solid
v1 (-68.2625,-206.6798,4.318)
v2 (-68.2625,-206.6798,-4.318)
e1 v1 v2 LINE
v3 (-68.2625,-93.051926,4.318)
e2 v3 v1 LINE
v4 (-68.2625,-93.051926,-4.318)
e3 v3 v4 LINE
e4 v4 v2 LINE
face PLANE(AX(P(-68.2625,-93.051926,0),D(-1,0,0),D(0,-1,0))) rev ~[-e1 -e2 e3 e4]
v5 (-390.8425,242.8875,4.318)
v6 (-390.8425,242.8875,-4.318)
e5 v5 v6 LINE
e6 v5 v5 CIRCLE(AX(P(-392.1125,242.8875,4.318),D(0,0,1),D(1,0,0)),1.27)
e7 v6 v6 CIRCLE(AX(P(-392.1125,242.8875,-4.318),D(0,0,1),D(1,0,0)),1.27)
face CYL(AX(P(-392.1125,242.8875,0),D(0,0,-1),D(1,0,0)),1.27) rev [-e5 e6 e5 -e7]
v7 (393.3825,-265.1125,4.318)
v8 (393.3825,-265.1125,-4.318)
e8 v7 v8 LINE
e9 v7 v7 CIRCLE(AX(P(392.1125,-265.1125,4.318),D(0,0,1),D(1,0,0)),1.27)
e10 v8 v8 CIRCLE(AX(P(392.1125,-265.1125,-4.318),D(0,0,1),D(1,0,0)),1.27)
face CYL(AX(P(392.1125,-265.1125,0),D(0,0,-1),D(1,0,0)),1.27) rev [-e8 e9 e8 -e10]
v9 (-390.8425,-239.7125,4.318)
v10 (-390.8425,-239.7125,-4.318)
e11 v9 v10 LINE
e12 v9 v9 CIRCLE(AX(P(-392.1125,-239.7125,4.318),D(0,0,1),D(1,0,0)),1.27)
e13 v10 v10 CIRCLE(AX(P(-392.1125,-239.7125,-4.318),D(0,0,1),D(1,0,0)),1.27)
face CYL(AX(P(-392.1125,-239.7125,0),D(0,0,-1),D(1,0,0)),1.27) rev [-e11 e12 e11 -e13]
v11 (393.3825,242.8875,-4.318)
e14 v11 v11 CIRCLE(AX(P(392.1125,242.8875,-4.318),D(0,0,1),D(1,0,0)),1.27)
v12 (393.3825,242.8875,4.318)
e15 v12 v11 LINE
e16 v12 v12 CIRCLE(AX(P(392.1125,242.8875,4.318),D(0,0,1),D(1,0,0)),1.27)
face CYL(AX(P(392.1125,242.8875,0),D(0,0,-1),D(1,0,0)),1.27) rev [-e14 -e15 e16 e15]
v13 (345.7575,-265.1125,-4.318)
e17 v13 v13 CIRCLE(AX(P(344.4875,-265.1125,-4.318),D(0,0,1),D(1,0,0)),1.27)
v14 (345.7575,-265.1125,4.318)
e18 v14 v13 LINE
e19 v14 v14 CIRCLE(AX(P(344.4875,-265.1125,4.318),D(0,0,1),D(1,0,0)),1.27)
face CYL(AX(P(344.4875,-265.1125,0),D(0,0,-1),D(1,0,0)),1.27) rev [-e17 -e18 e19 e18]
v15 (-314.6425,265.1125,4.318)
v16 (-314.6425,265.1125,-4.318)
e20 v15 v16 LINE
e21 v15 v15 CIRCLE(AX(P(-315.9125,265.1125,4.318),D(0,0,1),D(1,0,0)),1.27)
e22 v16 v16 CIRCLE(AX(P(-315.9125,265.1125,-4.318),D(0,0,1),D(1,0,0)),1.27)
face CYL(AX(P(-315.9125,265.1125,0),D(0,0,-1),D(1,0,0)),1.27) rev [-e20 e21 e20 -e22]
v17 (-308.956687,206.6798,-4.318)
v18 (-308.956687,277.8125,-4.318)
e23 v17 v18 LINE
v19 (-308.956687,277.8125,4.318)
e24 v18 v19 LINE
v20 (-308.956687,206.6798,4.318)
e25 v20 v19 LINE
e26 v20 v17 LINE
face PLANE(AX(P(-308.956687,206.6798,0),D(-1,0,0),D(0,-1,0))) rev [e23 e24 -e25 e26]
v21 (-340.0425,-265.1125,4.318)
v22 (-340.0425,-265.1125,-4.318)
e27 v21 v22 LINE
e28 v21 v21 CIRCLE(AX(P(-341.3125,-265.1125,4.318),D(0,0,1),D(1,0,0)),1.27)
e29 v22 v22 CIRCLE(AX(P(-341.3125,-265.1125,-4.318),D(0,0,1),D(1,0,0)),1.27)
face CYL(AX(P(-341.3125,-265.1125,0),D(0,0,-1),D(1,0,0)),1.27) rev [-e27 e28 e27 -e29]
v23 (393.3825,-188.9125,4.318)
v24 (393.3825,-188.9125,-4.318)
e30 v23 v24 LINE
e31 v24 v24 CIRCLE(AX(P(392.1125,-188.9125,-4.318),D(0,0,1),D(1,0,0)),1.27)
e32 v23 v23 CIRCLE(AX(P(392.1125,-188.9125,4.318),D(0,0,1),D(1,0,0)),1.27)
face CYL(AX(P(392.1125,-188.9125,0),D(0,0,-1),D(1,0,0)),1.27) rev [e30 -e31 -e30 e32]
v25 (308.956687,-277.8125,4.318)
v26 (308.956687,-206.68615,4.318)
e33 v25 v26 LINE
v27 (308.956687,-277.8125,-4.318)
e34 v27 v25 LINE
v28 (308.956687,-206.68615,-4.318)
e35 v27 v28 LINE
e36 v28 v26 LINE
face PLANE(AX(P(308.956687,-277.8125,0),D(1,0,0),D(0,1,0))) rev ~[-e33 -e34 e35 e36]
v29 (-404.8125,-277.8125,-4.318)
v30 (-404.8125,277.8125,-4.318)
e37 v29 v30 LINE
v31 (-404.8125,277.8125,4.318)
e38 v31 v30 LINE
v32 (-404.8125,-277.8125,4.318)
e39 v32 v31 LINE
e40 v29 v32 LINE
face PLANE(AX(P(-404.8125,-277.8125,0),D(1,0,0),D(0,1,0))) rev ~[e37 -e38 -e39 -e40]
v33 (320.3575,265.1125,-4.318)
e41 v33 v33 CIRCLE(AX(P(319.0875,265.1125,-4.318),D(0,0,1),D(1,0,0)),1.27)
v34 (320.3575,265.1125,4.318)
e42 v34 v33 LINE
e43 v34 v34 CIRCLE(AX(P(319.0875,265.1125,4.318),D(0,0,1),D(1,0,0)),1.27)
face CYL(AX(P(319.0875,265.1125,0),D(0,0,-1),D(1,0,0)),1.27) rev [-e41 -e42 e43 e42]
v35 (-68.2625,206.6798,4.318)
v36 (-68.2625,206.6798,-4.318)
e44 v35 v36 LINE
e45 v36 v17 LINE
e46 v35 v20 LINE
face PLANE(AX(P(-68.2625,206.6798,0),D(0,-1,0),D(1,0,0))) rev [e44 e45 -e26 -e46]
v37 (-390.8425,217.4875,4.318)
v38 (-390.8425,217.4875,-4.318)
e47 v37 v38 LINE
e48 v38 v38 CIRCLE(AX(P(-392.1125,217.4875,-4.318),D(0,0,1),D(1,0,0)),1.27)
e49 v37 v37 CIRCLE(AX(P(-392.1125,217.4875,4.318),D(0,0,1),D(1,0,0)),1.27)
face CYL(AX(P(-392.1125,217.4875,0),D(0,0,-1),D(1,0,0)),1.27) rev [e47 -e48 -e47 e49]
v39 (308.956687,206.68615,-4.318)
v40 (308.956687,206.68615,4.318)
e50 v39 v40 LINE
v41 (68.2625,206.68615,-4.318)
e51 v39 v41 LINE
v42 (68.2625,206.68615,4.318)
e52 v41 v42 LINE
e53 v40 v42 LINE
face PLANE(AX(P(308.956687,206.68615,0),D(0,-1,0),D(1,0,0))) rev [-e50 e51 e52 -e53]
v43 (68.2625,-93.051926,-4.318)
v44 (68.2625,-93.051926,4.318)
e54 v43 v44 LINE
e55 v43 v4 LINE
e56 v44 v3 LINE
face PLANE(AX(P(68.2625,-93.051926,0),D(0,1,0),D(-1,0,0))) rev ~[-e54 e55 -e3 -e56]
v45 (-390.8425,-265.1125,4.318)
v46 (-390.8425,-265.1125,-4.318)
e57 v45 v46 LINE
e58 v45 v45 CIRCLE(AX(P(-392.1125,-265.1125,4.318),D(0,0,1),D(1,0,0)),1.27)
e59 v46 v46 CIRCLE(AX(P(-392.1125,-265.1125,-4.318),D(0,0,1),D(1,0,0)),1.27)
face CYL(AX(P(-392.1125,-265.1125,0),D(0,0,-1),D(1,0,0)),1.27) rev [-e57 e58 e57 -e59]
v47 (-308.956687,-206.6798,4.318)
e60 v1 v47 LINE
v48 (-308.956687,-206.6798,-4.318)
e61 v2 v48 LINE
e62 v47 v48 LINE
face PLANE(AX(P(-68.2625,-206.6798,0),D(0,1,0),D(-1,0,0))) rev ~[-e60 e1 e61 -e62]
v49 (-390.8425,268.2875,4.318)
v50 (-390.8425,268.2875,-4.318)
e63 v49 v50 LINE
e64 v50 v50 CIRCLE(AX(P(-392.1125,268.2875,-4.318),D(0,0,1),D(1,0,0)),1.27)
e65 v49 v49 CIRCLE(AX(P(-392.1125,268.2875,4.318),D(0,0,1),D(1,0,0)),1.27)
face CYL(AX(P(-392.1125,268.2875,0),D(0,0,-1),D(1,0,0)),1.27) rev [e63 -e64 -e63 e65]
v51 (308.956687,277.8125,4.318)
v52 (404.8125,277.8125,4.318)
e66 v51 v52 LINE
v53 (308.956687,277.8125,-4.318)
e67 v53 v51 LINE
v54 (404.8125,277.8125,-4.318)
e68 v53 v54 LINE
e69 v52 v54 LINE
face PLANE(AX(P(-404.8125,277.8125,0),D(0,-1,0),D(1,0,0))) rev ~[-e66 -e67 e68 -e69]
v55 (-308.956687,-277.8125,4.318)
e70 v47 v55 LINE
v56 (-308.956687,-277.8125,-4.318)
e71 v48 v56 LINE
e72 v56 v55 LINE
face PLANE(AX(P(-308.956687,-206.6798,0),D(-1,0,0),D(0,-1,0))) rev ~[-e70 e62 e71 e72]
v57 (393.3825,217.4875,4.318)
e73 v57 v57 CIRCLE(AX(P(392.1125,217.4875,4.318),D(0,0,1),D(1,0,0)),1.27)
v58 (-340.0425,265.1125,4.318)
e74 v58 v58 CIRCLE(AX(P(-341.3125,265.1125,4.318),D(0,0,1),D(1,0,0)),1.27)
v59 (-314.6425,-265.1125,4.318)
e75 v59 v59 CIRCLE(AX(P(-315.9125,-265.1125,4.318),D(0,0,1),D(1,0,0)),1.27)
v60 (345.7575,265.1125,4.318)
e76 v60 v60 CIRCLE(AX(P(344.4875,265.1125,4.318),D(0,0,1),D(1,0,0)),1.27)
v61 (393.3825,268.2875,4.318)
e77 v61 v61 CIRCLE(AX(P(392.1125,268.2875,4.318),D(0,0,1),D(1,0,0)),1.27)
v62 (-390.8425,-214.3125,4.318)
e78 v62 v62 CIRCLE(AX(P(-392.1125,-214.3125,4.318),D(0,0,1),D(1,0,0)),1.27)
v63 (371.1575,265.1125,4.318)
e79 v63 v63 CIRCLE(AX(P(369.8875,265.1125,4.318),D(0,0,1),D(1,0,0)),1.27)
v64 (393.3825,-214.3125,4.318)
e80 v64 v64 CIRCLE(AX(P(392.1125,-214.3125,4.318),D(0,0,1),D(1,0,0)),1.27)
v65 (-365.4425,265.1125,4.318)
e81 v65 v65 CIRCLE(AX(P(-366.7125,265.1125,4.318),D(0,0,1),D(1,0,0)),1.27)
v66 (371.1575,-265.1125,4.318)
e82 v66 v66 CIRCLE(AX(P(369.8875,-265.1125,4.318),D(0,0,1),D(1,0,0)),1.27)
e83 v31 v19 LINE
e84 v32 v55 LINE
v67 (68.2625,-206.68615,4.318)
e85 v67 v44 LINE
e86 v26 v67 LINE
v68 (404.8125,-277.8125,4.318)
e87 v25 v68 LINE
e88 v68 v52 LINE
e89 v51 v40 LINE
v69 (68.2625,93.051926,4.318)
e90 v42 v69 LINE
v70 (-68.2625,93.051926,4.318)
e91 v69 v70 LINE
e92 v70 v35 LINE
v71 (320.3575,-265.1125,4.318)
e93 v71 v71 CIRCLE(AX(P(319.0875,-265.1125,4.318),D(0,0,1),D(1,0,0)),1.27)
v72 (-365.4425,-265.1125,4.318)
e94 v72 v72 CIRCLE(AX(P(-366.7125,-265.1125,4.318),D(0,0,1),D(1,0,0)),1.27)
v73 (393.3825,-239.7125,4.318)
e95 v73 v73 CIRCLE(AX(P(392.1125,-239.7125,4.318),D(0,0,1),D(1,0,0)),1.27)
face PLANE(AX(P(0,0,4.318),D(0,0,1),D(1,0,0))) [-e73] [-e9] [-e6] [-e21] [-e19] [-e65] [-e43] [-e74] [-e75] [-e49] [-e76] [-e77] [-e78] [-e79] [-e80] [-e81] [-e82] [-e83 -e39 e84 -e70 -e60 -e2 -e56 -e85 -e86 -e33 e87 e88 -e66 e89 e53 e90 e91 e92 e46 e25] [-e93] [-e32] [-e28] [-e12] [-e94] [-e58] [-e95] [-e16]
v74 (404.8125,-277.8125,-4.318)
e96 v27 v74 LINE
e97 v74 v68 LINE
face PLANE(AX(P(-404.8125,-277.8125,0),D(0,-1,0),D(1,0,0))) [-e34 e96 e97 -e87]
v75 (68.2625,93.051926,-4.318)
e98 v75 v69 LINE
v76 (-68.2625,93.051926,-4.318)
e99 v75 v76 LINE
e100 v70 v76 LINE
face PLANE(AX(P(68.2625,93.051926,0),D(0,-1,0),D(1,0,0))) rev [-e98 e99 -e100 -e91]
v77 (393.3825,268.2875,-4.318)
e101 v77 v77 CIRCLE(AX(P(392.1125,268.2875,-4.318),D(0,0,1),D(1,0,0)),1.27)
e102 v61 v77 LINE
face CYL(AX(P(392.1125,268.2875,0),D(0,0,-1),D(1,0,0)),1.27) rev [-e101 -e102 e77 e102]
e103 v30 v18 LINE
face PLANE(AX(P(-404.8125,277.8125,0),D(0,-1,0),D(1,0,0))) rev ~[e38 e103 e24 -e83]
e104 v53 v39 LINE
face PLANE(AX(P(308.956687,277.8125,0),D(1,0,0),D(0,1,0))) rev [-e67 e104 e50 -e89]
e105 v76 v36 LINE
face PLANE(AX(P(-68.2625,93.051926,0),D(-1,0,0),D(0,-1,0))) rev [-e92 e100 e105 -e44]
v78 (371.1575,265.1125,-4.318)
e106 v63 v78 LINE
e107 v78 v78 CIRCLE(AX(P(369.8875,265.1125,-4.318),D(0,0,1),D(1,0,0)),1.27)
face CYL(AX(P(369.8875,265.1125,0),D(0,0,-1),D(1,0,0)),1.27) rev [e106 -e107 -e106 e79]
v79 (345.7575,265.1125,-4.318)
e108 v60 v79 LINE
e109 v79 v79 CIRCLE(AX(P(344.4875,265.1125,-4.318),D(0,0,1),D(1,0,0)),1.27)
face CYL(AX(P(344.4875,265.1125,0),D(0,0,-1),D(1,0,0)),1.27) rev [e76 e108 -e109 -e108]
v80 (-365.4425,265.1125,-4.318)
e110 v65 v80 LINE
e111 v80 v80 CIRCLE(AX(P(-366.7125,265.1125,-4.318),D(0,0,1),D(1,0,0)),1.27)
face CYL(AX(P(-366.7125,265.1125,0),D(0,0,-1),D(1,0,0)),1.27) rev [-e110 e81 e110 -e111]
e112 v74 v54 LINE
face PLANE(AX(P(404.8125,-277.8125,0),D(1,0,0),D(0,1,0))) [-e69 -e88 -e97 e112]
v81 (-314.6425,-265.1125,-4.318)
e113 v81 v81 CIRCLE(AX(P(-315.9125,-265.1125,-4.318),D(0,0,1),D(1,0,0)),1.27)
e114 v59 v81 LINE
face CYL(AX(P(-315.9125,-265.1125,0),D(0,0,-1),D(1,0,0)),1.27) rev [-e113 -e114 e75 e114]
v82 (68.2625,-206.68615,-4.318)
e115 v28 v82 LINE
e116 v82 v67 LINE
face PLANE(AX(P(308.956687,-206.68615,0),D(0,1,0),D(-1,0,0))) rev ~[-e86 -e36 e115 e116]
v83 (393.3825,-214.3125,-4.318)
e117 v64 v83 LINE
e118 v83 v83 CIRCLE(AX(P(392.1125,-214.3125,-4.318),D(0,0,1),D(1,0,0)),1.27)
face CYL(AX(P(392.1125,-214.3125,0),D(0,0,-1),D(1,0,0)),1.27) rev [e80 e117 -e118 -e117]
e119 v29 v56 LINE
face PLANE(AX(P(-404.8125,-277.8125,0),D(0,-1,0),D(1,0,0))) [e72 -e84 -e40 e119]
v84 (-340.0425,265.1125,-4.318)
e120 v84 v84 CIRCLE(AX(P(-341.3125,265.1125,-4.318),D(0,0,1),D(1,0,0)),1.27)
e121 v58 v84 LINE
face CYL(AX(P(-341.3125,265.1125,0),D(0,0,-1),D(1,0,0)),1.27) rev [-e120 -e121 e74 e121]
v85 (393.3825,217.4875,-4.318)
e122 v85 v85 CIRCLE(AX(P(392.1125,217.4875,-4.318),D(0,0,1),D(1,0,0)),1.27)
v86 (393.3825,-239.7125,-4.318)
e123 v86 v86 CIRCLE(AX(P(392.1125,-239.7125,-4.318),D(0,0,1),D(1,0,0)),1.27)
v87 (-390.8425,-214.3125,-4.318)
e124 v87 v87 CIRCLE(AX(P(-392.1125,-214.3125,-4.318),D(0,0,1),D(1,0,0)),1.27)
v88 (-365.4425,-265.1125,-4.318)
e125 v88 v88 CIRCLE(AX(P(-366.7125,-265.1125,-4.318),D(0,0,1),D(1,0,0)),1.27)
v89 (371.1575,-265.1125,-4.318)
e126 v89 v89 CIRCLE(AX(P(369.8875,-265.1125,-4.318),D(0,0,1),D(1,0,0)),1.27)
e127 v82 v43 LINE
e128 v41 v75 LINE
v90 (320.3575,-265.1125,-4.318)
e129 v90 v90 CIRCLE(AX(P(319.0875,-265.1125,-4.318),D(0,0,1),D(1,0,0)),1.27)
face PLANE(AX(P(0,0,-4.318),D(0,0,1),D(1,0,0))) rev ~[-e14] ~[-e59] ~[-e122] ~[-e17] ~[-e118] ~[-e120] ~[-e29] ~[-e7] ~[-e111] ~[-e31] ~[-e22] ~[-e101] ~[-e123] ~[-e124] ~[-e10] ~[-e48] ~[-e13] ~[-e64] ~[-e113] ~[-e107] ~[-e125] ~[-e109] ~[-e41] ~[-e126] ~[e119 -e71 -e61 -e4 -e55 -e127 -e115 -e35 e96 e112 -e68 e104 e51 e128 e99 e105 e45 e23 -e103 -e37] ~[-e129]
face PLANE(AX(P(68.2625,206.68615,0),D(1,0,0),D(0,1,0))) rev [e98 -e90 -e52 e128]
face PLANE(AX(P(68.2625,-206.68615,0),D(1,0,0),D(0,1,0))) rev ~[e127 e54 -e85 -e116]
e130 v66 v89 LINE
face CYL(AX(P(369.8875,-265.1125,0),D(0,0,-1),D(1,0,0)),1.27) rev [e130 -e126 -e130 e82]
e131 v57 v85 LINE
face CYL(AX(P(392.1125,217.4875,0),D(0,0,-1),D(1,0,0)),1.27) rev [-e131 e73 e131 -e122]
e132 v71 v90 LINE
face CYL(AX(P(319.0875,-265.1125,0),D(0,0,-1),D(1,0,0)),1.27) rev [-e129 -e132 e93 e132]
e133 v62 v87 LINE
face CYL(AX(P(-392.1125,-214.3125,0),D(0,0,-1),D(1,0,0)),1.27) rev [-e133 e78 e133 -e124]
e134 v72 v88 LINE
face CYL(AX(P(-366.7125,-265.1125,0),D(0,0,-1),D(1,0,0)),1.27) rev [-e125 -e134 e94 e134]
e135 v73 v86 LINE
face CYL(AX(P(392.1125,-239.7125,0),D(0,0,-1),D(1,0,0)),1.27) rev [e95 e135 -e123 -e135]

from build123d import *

# Parameters (mm, degrees)
SKETCH1_W           = 809.625
SKETCH1_H           = 555.625
SKETCH1_R           = 1.27
SKETCH1_W_2         = 136.525
SKETCH1_H_2         = 184.76057441
BOSS_EXTRUDE1_DEPTH = 4.318
CUT_EXTRUDE2_DEPTH  = 5.318


with BuildPart() as part:
    # Sketch1 → Boss-Extrude1 (new body, symmetric)
    with BuildSketch(Plane.XY):
        Rectangle(SKETCH1_W, SKETCH1_H)
        with Locations((319.0875, 265.1125)):
            Circle(SKETCH1_R, mode=Mode.SUBTRACT)
        with Locations((344.4875, 265.1125)):
            Circle(SKETCH1_R, mode=Mode.SUBTRACT)
        with Locations((369.8875, 265.1125)):
            Circle(SKETCH1_R, mode=Mode.SUBTRACT)
        with Locations((392.1125, 217.4875)):
            Circle(SKETCH1_R, mode=Mode.SUBTRACT)
        with Locations((392.1125, 242.8875)):
            Circle(SKETCH1_R, mode=Mode.SUBTRACT)
        with Locations((392.1125, 268.2875)):
            Circle(SKETCH1_R, mode=Mode.SUBTRACT)
        with Locations((-315.9125, -265.1125)):
            Circle(SKETCH1_R, mode=Mode.SUBTRACT)
        with Locations((-341.3125, -265.1125)):
            Circle(SKETCH1_R, mode=Mode.SUBTRACT)
        with Locations((-366.7125, -265.1125)):
            Circle(SKETCH1_R, mode=Mode.SUBTRACT)
        with Locations((-392.1125, -214.3125)):
            Circle(SKETCH1_R, mode=Mode.SUBTRACT)
        with Locations((-392.1125, -239.7125)):
            Circle(SKETCH1_R, mode=Mode.SUBTRACT)
        with Locations((-392.1125, -265.1125)):
            Circle(SKETCH1_R, mode=Mode.SUBTRACT)
        with Locations((-315.9125, 265.1125)):
            Circle(SKETCH1_R, mode=Mode.SUBTRACT)
        with Locations((-341.3125, 265.1125)):
            Circle(SKETCH1_R, mode=Mode.SUBTRACT)
        with Locations((-366.7125, 265.1125)):
            Circle(SKETCH1_R, mode=Mode.SUBTRACT)
        with Locations((-392.1125, 217.4875)):
            Circle(SKETCH1_R, mode=Mode.SUBTRACT)
        with Locations((-392.1125, 242.8875)):
            Circle(SKETCH1_R, mode=Mode.SUBTRACT)
        with Locations((-392.1125, 268.2875)):
            Circle(SKETCH1_R, mode=Mode.SUBTRACT)
        with Locations((319.0875, -265.1125)):
            Circle(SKETCH1_R, mode=Mode.SUBTRACT)
        with Locations((392.1125, -188.9125)):
            Circle(SKETCH1_R, mode=Mode.SUBTRACT)
        with Locations((392.1125, -214.3125)):
            Circle(SKETCH1_R, mode=Mode.SUBTRACT)
        with Locations((392.1125, -239.7125)):
            Circle(SKETCH1_R, mode=Mode.SUBTRACT)
        with Locations((392.1125, -265.1125)):
            Circle(SKETCH1_R, mode=Mode.SUBTRACT)
        with Locations((369.8875, -265.1125)):
            Circle(SKETCH1_R, mode=Mode.SUBTRACT)
        with Locations((344.4875, -265.1125)):
            Circle(SKETCH1_R, mode=Mode.SUBTRACT)
        with Locations((0, -185.432212795)):
            Rectangle(SKETCH1_W_2, SKETCH1_H_2)
    extrude(amount=BOSS_EXTRUDE1_DEPTH, both=True)

    # Sketch1<3> → Cut-Extrude2 (cut, symmetric)
    with BuildSketch(Plane.XY):
        Polygon((-308.956687333, -206.6798), (-308.956687333, -277.8125), (308.956687333, -277.8125), (308.956687333, -206.68615), (68.2625, -206.68615), (68.2625, -93.05192559), (-68.2625, -93.05192559), (-68.2625, -206.6798), align=None)
    cut_extrude2 = extrude(amount=CUT_EXTRUDE2_DEPTH, both=True, mode=Mode.SUBTRACT)

    # Mirror1: Cut-Extrude2 across plane
    add(cut_extrude2.mirror(Plane.ZX), mode=Mode.SUBTRACT)


solid = part.part
